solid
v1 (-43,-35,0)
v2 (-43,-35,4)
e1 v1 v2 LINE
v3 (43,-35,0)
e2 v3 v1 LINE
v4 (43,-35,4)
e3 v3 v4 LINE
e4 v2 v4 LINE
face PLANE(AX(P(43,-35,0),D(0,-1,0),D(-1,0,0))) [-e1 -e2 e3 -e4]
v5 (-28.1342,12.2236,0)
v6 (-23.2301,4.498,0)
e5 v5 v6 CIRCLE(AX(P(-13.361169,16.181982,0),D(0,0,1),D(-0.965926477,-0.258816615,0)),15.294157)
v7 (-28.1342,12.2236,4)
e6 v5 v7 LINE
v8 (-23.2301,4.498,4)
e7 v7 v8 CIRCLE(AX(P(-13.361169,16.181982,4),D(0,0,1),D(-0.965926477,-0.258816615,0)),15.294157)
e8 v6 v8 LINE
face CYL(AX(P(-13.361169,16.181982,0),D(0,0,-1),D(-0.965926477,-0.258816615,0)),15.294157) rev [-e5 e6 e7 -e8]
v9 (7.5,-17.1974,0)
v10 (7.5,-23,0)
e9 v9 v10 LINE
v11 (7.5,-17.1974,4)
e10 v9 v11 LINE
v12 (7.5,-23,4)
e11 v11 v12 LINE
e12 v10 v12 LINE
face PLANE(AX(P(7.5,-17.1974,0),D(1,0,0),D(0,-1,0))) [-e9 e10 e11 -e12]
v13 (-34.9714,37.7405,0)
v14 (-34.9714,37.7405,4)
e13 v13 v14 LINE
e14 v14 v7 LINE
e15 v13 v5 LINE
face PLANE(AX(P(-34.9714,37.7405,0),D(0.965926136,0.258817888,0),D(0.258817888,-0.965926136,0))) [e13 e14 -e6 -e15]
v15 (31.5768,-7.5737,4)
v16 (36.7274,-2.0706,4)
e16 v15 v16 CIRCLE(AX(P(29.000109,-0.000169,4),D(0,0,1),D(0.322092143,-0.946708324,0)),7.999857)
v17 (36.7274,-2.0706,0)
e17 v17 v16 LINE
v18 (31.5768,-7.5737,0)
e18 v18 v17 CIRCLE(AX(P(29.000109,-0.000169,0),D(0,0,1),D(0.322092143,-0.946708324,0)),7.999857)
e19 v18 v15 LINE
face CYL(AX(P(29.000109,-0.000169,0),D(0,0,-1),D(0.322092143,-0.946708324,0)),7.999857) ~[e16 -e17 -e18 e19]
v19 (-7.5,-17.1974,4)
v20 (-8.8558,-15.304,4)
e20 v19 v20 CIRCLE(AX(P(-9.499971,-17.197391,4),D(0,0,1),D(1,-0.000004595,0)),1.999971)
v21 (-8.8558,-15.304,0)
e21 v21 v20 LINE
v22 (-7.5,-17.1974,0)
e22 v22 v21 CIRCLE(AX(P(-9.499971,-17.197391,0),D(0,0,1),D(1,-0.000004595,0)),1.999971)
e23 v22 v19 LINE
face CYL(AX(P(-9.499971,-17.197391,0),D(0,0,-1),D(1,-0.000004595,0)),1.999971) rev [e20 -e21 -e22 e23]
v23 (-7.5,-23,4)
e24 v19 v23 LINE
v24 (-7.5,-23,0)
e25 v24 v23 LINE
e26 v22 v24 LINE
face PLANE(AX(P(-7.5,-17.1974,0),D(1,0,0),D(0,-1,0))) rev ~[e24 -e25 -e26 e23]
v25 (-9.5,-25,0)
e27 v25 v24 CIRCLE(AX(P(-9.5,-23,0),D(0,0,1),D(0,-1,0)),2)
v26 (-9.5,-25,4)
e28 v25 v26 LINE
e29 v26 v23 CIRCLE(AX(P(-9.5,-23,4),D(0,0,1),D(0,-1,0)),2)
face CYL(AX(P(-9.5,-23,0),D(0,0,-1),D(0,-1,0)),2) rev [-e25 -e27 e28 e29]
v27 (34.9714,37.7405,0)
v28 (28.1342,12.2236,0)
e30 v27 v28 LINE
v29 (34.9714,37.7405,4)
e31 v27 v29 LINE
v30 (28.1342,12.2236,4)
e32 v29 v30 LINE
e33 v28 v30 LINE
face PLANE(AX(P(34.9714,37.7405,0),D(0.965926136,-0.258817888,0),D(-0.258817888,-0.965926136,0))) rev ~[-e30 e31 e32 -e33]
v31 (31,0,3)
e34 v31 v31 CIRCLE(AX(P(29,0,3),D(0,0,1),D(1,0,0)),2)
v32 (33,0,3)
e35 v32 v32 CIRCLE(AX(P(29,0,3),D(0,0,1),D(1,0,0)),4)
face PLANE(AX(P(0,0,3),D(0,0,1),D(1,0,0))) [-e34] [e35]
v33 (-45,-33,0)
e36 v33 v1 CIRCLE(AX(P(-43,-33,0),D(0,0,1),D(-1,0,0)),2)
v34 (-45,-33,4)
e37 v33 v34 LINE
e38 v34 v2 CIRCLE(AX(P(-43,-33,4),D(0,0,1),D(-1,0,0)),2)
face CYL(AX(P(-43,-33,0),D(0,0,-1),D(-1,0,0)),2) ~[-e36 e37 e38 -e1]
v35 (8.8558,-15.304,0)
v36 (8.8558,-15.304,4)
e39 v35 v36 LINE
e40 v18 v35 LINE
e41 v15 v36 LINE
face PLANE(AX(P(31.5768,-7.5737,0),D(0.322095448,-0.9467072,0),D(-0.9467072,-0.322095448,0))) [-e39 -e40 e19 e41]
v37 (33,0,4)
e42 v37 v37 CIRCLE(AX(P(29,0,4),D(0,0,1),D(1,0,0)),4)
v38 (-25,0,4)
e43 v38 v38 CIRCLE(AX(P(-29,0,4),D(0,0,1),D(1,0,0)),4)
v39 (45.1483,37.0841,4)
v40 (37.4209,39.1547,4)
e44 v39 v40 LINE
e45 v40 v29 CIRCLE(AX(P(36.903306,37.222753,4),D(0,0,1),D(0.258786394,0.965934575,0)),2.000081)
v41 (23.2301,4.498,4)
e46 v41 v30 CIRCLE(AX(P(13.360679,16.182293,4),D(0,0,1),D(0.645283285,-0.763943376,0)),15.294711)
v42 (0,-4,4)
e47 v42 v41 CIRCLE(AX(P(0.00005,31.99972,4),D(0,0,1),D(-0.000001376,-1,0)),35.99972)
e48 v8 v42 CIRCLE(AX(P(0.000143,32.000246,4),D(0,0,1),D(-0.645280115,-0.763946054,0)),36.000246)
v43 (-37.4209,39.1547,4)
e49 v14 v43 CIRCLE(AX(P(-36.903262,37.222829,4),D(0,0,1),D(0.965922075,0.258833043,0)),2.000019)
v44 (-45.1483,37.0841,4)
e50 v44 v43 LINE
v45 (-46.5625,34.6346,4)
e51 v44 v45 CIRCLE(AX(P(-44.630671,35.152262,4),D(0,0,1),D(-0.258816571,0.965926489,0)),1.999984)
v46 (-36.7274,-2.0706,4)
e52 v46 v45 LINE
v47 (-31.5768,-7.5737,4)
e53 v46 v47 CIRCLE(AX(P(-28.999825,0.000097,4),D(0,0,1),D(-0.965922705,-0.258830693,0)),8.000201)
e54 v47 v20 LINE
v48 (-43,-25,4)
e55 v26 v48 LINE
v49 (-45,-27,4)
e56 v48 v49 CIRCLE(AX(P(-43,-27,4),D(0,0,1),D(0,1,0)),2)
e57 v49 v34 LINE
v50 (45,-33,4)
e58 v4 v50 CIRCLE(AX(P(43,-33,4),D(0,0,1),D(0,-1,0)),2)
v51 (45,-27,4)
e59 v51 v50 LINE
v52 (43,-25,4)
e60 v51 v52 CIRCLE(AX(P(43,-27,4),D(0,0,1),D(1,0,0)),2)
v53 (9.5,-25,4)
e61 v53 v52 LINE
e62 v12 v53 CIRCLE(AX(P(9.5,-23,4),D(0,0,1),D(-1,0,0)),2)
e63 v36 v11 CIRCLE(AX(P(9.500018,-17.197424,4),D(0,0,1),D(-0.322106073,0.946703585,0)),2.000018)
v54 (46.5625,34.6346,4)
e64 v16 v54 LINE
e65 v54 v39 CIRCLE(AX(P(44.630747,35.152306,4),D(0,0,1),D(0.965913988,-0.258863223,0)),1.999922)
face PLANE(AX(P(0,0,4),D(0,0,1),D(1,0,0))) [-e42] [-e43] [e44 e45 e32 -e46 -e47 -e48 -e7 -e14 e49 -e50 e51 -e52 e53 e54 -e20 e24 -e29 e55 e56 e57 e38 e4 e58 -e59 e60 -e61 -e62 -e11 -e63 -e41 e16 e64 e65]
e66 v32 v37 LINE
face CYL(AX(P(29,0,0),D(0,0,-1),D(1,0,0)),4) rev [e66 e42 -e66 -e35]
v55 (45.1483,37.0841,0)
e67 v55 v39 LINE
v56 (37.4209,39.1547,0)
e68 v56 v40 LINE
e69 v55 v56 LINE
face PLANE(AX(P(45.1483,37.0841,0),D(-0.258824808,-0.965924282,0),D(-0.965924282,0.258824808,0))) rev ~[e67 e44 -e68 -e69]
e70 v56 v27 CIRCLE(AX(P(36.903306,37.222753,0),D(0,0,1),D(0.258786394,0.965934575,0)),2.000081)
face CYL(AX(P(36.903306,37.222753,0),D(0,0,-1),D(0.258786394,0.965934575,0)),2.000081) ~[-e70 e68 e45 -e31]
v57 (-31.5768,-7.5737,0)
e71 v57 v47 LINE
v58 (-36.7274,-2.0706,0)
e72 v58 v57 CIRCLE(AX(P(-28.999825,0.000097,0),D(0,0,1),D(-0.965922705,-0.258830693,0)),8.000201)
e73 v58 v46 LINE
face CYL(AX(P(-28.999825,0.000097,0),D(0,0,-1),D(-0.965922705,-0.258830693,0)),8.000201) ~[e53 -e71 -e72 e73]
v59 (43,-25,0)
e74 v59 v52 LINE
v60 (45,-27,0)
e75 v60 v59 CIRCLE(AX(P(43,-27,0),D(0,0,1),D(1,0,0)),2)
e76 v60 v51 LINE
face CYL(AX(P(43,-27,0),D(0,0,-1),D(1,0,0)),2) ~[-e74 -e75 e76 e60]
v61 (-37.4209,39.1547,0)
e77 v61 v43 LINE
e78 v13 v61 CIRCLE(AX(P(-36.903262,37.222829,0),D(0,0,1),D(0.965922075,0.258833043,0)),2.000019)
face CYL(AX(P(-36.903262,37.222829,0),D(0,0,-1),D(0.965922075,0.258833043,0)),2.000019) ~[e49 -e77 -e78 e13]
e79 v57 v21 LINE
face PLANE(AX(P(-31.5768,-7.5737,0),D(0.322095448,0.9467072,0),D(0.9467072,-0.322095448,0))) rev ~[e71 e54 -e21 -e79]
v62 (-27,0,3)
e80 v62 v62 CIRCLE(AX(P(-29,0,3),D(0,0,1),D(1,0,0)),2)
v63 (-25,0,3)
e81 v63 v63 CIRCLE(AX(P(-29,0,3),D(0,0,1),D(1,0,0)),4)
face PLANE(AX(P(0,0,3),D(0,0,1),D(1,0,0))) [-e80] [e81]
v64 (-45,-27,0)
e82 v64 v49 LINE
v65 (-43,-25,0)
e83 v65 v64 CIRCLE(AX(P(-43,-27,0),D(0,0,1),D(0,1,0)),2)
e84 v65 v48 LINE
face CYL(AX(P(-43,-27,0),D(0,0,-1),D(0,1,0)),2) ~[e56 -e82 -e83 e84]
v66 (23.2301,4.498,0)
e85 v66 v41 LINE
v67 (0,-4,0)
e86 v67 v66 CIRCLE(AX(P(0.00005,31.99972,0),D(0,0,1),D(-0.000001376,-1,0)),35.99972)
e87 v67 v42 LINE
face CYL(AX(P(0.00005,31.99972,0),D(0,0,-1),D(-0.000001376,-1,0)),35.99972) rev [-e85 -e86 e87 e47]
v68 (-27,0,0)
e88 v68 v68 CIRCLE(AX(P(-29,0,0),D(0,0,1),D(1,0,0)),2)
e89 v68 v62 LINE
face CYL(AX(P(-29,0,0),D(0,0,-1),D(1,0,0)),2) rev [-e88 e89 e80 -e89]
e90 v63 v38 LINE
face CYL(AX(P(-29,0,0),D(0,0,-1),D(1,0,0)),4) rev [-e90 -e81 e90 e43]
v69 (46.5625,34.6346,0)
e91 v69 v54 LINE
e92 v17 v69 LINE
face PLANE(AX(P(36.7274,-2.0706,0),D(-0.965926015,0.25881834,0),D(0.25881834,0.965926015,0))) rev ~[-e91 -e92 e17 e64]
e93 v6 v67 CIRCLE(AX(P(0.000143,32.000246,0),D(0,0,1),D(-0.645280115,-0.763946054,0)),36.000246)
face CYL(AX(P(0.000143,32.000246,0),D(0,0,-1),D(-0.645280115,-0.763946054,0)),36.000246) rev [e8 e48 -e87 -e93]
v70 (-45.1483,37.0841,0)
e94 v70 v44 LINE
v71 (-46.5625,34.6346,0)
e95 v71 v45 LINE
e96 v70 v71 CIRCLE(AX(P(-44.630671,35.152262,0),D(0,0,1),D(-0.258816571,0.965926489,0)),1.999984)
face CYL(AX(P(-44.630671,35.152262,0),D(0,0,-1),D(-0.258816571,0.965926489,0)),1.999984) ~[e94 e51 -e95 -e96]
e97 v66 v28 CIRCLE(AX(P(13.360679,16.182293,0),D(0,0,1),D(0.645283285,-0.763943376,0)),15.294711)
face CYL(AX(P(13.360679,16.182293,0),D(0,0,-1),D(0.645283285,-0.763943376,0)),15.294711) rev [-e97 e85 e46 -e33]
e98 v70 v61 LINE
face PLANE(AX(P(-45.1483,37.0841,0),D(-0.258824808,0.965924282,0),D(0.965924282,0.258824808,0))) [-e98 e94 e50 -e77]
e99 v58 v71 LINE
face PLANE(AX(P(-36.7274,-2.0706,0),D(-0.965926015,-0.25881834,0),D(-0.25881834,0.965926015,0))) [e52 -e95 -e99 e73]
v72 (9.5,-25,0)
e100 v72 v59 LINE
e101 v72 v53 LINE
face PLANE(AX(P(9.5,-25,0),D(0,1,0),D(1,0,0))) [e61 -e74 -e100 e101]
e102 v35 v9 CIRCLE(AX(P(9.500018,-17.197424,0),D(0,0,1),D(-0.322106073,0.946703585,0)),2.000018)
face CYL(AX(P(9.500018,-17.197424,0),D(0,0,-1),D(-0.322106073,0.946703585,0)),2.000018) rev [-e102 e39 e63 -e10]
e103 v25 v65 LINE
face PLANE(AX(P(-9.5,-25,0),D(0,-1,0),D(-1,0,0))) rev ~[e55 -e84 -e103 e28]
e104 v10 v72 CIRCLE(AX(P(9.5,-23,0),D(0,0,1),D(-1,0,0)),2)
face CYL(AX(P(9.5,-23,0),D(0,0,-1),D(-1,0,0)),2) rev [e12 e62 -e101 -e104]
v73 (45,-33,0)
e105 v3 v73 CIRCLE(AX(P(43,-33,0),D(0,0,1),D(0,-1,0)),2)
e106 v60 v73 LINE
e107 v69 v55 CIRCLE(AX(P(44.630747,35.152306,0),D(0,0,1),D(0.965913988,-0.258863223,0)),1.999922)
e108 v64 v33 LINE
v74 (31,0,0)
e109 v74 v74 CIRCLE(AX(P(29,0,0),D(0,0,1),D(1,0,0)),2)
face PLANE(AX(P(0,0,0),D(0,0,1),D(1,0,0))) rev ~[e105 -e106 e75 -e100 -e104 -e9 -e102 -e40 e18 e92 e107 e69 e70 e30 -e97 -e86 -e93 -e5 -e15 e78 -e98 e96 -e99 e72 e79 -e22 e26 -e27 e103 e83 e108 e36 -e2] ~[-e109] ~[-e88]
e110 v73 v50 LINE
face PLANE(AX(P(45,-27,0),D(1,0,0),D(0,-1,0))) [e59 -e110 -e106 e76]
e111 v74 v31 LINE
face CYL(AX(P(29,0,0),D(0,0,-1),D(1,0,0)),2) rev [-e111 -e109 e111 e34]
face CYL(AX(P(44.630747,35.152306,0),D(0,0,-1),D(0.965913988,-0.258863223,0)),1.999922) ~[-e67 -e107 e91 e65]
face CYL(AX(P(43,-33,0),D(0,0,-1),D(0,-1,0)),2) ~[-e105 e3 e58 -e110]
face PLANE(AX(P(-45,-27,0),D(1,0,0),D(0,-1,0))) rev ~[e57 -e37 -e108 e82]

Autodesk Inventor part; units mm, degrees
ref_plane "YZ Plane" through (0, 0, 0) normal (1, 0, 0) x (0, 1, 0)
ref_plane "XZ Plane" through (0, 0, 0) normal (0, 1, 0) x (-1, 0, 0)
ref_plane "XY Plane" through (0, 0, 0) normal (0, 0, 1) x (1, 0, 0)
sketch "Sketch1" plane through (0, 0, 0) normal (0, 0, 1) x (1, 0, 0)
  circle A0 centre (-29, 0) radius 2
  line L0 (-62.2888, 0) -> (62.2888, 0) construction
  arc A1 (-36.7274, -2.0706) -> (-31.5768, -7.5737) centre (-29, 0) ccw
  arc A2 (-23.2301, 4.498) -> (0, -4) centre (0, 32) ccw
  line L1 (0, -55.9324) -> (0, 55.5944) construction
  line L2 (-31.5768, -7.5737) -> (-8.8558, -15.304)
  line L3 (-7.5, -17.1974) -> (-7.5, -23)
  line L4 (-36.7274, -2.0706) -> (-46.5625, 34.6346)
  line L5 (-45.1483, 37.0841) -> (-37.4209, 39.1547)
  line L6 (-34.9714, 37.7405) -> (-28.1342, 12.2236)
  arc A3 (-7.5, -17.1974) -> (-8.8558, -15.304) centre (-9.5, -17.1974) ccw
  arc A4 (-45.1483, 37.0841) -> (-46.5625, 34.6346) centre (-44.6307, 35.1523) ccw
  arc A5 (-34.9714, 37.7405) -> (-37.4209, 39.1547) centre (-36.9033, 37.2228) ccw
  circle A6 centre (29, 0) radius 2
  line L7 (62.2888, 0) -> (-62.2888, 0) construction
  arc A7 (31.5768, -7.5737) -> (36.7274, -2.0706) centre (29, 0) ccw
  line L8 (31.5768, -7.5737) -> (8.8558, -15.304)
  line L9 (7.5, -17.1974) -> (7.5, -25)
  line L10 (36.7274, -2.0706) -> (46.5625, 34.6346)
  line L11 (45.1483, 37.0841) -> (37.4209, 39.1547)
  arc A8 (8.8558, -15.304) -> (7.5, -17.1974) centre (9.5, -17.1974) ccw
  arc A9 (46.5625, 34.6346) -> (45.1483, 37.0841) centre (44.6307, 35.1523) ccw
  arc A10 (37.4209, 39.1547) -> (34.9714, 37.7405) centre (36.9033, 37.2228) ccw
  circle A11 centre (-29, 0) radius 4
  circle A12 centre (29, 0) radius 4
  line L12 (-9.5, -25) -> (-43, -25)
  line L13 (-45, -27) -> (-45, -33)
  line L14 (-43, -35) -> (0, -35)
  arc A13 (-43, -25) -> (-45, -27) centre (-43, -27) ccw
  arc A14 (-45, -33) -> (-43, -35) centre (-43, -33) ccw
  arc A15 (-9.5, -25) -> (-7.5, -23) centre (-9.5, -23) ccw
  line L15 (9.5, -25) -> (43, -25)
  line L16 (45, -27) -> (45, -33)
  line L17 (43, -35) -> (0, -35)
  arc A16 (45, -27) -> (43, -25) centre (43, -27) ccw
  arc A17 (43, -35) -> (45, -33) centre (43, -33) ccw
  arc A18 (7.5, -23) -> (9.5, -25) centre (9.5, -23) ccw
  arc A19 (-28.1342, 12.2236) -> (-23.2301, 4.498) centre (-13.3609, 16.1821) ccw
  arc A20 (0, -4) -> (23.2301, 4.498) centre (0, 32) ccw
  line L18 (34.9714, 37.7405) -> (28.1342, 12.2236)
  arc A21 (23.2301, 4.498) -> (28.1342, 12.2236) centre (13.3609, 16.1821) ccw
  point P0 (0, 0)
  point P1 (-7.5, -15.7653)
  point P2 (-47.0802, 36.5665)
  point P3 (-26.9294, 7.7274)
  point P4 (-7.5, -25)
  point P5 (-15, -20)
  point P6 (7.5, -15.7653)
  point P7 (47.0802, 36.5665)
  point P8 (15, -20)
  point P9 (-29, -40)
  point P10 (-45, -25)
  point P11 (-45, -35)
  point P12 (45, -25)
  point P13 (45, -35)
  point P14 (7.5, -23)
  dimension "d0" = 4
  dimension "d1" = 58
  dimension "d7" = 2
  dimension "d9" = 15
  dimension "d12" = 20
  dimension "d13" = 30
  dimension "d15" = 2
  dimension "d19" = 8
  dimension "d20" = 15
  dimension "d21" = 15
  dimension "d22" = 12
  dimension "d24" = 4
  dimension "d26" = 24
  dimension "d28" = 40
  dimension "d40" = 8
  dimension "d45" = 40
  dimension "d46" = 58
  dimension "d47" = 2
  dimension "d48" = 10
  dimension "d49" = 25
  dimension "d50" = 90
  dimension "d53" = 36
  dimension "d54" = 15.2944
extrude "Extrusion3" add sketch "Sketch1" along normal blind 3 contours A11 | A12
extrude "Extrusion4" add sketch "Sketch1" along normal blind 4 contours L4 A4 L5 A5 L6 A19 A2 A20 A21 L18 A10 L11 A9 L10 A7 L8 A8 L9 A18 L15 A16 L16 A17 L17 L14 A14 L13 A13 L12 A15 L3 A3 L2 A1
properties part number "UnitreeGO2_frontmount"
